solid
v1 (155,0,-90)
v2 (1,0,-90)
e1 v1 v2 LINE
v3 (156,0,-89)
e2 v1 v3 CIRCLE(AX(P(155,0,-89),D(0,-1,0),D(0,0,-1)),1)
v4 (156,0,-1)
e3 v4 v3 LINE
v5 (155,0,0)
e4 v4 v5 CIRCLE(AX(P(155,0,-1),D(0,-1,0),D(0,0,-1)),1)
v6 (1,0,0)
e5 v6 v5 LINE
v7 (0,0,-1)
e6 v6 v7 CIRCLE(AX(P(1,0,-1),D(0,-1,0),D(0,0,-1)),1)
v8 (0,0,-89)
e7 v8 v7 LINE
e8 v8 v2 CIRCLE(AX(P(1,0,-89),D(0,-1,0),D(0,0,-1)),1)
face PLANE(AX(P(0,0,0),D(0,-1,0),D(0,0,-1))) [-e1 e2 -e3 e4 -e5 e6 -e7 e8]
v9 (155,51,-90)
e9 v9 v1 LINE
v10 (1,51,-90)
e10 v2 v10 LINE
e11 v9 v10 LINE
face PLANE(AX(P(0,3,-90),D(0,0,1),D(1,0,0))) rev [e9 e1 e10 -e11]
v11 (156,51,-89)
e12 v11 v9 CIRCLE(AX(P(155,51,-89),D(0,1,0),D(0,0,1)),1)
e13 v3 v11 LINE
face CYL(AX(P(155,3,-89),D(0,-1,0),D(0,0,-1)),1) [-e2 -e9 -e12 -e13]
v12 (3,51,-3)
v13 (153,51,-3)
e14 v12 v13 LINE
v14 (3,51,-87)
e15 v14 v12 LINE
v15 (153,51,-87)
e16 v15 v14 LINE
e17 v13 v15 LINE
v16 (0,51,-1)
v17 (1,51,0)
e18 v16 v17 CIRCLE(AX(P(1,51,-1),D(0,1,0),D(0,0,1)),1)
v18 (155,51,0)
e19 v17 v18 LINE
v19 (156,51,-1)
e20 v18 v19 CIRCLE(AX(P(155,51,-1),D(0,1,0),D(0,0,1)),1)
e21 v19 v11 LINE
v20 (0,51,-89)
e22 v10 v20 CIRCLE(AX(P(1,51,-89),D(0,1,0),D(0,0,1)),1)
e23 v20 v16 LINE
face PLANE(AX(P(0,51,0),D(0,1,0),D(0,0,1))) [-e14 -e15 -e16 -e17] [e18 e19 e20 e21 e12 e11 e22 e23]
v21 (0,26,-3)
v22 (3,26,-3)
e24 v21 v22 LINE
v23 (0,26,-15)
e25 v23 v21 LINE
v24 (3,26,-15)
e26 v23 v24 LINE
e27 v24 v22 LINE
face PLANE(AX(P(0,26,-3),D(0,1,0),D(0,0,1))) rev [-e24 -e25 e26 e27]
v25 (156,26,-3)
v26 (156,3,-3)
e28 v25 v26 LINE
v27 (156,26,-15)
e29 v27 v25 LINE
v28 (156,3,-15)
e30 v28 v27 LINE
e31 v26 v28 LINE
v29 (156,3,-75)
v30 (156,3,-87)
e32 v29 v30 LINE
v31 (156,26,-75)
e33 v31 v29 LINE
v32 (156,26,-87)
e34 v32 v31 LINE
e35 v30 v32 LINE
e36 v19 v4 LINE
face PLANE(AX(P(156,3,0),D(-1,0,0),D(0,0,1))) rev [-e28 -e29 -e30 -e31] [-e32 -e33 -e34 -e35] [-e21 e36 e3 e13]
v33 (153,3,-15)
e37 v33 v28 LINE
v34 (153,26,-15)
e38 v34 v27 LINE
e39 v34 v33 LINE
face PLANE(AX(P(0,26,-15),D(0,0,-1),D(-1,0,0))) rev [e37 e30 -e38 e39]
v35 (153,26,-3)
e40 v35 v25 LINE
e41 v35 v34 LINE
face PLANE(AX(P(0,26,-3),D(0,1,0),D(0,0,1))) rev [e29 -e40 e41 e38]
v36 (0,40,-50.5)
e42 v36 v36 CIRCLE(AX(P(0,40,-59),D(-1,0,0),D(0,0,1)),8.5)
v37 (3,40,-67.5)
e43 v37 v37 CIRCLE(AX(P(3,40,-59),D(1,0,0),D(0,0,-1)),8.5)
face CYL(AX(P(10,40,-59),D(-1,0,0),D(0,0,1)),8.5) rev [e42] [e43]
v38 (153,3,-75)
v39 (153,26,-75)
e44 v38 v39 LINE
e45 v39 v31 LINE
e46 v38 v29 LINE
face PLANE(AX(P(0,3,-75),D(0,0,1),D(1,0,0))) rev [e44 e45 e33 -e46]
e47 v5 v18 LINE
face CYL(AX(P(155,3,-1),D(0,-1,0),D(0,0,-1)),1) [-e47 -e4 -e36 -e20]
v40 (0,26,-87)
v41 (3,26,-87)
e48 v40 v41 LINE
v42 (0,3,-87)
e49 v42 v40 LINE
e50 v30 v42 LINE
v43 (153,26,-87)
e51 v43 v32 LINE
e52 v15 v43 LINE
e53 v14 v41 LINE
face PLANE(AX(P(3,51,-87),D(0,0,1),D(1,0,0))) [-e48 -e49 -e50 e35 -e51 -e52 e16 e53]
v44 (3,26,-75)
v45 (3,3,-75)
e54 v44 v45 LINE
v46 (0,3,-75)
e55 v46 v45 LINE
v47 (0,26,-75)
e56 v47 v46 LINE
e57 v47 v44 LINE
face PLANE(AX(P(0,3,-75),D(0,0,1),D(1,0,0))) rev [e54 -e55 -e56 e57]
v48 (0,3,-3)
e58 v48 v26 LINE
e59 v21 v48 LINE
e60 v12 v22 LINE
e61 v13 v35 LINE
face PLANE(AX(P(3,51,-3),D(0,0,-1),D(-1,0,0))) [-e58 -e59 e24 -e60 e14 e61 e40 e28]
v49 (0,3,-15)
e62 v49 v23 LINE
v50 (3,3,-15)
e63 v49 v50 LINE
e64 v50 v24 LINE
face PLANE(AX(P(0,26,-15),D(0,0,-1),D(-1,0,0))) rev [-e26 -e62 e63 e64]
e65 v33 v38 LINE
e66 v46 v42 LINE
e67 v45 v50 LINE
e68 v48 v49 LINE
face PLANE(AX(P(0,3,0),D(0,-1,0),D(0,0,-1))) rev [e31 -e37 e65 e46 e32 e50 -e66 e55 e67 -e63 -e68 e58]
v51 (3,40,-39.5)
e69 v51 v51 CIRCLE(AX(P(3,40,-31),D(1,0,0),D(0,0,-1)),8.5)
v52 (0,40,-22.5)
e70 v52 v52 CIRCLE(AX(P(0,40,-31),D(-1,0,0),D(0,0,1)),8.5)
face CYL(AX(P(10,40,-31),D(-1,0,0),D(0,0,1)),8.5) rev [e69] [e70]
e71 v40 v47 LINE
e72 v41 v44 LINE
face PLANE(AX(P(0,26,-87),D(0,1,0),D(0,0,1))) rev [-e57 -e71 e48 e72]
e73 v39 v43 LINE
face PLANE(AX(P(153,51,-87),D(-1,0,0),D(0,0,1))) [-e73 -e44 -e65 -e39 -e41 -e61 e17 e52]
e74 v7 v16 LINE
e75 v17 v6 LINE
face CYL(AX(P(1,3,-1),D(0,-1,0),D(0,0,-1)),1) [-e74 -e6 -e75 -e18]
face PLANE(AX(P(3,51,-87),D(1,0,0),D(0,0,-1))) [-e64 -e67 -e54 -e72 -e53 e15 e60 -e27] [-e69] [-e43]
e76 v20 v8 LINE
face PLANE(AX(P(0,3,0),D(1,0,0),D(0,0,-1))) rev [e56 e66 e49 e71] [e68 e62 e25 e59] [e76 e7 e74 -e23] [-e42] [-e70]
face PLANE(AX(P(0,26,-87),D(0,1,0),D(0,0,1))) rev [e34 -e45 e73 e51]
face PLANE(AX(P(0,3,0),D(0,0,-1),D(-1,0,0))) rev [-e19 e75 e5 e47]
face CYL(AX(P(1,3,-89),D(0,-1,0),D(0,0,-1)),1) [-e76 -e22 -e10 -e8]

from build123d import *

# Parameters (mm, degrees)
SKETCH1_W           = 156
SKETCH1_H           = 90
BOSS_EXTRUDE1_DEPTH = 3
SKETCH2_W           = 156
SKETCH2_H           = 90
SKETCH2_W_2         = 150
SKETCH2_H_2         = 84
BOSS_EXTRUDE2_DEPTH = 48
FILLET1_R           = 1
SKETCH3_W           = 12
SKETCH3_H           = 23
CUT_EXTRUDE2_DEPTH  = 157
SKETCH4_R           = 8.5
CUT_EXTRUDE3_DEPTH  = 10


with BuildPart() as part:
    # Sketch1 → Boss-Extrude1 (new body)
    with BuildSketch(Plane(origin=(0, 0, 0), x_dir=(1, 0, 0), z_dir=(0, 1, 0))):
        with Locations((78, 45)):
            Rectangle(SKETCH1_W, SKETCH1_H)
    extrude(amount=BOSS_EXTRUDE1_DEPTH)

    # Sketch2 → Boss-Extrude2 (add)
    with BuildSketch(Plane(origin=(0, 3, 0), x_dir=(1, 0, 0), z_dir=(0, 1, 0))):
        with Locations((78, 45)):
            Rectangle(SKETCH2_W, SKETCH2_H)
        with Locations((78, 45)):
            Rectangle(SKETCH2_W_2, SKETCH2_H_2, mode=Mode.SUBTRACT)
    extrude(amount=BOSS_EXTRUDE2_DEPTH)

    # Fillet1
    fillet1_edges = [part.edges().sort_by_distance(p)[0] for p in [
        (0, 25.5, -90),
        (156, 25.5, -90),
        (156, 25.5, 0),
        (0, 25.5, 0),
    ]]
    fillet(fillet1_edges, radius=FILLET1_R)

    # Sketch3 → Cut-Extrude2 (cut, through all)
    with BuildSketch(Plane(origin=(156, 0, 0), x_dir=(0, 0, -1), z_dir=(1, 0, 0))):
        with Locations((9, 14.5)):
            Rectangle(SKETCH3_W, SKETCH3_H)
        with Locations((81, 14.5)):
            Rectangle(SKETCH3_W, SKETCH3_H)
    extrude(amount=-CUT_EXTRUDE2_DEPTH, mode=Mode.SUBTRACT)

    # Sketch4 → Cut-Extrude3 (cut)
    with BuildSketch(Plane.ZY):
        with Locations((-59, 40)):
            Circle(SKETCH4_R)
        with Locations((-31, 40)):
            Circle(SKETCH4_R)
    extrude(amount=-CUT_EXTRUDE3_DEPTH, mode=Mode.SUBTRACT)


solid = part.part
